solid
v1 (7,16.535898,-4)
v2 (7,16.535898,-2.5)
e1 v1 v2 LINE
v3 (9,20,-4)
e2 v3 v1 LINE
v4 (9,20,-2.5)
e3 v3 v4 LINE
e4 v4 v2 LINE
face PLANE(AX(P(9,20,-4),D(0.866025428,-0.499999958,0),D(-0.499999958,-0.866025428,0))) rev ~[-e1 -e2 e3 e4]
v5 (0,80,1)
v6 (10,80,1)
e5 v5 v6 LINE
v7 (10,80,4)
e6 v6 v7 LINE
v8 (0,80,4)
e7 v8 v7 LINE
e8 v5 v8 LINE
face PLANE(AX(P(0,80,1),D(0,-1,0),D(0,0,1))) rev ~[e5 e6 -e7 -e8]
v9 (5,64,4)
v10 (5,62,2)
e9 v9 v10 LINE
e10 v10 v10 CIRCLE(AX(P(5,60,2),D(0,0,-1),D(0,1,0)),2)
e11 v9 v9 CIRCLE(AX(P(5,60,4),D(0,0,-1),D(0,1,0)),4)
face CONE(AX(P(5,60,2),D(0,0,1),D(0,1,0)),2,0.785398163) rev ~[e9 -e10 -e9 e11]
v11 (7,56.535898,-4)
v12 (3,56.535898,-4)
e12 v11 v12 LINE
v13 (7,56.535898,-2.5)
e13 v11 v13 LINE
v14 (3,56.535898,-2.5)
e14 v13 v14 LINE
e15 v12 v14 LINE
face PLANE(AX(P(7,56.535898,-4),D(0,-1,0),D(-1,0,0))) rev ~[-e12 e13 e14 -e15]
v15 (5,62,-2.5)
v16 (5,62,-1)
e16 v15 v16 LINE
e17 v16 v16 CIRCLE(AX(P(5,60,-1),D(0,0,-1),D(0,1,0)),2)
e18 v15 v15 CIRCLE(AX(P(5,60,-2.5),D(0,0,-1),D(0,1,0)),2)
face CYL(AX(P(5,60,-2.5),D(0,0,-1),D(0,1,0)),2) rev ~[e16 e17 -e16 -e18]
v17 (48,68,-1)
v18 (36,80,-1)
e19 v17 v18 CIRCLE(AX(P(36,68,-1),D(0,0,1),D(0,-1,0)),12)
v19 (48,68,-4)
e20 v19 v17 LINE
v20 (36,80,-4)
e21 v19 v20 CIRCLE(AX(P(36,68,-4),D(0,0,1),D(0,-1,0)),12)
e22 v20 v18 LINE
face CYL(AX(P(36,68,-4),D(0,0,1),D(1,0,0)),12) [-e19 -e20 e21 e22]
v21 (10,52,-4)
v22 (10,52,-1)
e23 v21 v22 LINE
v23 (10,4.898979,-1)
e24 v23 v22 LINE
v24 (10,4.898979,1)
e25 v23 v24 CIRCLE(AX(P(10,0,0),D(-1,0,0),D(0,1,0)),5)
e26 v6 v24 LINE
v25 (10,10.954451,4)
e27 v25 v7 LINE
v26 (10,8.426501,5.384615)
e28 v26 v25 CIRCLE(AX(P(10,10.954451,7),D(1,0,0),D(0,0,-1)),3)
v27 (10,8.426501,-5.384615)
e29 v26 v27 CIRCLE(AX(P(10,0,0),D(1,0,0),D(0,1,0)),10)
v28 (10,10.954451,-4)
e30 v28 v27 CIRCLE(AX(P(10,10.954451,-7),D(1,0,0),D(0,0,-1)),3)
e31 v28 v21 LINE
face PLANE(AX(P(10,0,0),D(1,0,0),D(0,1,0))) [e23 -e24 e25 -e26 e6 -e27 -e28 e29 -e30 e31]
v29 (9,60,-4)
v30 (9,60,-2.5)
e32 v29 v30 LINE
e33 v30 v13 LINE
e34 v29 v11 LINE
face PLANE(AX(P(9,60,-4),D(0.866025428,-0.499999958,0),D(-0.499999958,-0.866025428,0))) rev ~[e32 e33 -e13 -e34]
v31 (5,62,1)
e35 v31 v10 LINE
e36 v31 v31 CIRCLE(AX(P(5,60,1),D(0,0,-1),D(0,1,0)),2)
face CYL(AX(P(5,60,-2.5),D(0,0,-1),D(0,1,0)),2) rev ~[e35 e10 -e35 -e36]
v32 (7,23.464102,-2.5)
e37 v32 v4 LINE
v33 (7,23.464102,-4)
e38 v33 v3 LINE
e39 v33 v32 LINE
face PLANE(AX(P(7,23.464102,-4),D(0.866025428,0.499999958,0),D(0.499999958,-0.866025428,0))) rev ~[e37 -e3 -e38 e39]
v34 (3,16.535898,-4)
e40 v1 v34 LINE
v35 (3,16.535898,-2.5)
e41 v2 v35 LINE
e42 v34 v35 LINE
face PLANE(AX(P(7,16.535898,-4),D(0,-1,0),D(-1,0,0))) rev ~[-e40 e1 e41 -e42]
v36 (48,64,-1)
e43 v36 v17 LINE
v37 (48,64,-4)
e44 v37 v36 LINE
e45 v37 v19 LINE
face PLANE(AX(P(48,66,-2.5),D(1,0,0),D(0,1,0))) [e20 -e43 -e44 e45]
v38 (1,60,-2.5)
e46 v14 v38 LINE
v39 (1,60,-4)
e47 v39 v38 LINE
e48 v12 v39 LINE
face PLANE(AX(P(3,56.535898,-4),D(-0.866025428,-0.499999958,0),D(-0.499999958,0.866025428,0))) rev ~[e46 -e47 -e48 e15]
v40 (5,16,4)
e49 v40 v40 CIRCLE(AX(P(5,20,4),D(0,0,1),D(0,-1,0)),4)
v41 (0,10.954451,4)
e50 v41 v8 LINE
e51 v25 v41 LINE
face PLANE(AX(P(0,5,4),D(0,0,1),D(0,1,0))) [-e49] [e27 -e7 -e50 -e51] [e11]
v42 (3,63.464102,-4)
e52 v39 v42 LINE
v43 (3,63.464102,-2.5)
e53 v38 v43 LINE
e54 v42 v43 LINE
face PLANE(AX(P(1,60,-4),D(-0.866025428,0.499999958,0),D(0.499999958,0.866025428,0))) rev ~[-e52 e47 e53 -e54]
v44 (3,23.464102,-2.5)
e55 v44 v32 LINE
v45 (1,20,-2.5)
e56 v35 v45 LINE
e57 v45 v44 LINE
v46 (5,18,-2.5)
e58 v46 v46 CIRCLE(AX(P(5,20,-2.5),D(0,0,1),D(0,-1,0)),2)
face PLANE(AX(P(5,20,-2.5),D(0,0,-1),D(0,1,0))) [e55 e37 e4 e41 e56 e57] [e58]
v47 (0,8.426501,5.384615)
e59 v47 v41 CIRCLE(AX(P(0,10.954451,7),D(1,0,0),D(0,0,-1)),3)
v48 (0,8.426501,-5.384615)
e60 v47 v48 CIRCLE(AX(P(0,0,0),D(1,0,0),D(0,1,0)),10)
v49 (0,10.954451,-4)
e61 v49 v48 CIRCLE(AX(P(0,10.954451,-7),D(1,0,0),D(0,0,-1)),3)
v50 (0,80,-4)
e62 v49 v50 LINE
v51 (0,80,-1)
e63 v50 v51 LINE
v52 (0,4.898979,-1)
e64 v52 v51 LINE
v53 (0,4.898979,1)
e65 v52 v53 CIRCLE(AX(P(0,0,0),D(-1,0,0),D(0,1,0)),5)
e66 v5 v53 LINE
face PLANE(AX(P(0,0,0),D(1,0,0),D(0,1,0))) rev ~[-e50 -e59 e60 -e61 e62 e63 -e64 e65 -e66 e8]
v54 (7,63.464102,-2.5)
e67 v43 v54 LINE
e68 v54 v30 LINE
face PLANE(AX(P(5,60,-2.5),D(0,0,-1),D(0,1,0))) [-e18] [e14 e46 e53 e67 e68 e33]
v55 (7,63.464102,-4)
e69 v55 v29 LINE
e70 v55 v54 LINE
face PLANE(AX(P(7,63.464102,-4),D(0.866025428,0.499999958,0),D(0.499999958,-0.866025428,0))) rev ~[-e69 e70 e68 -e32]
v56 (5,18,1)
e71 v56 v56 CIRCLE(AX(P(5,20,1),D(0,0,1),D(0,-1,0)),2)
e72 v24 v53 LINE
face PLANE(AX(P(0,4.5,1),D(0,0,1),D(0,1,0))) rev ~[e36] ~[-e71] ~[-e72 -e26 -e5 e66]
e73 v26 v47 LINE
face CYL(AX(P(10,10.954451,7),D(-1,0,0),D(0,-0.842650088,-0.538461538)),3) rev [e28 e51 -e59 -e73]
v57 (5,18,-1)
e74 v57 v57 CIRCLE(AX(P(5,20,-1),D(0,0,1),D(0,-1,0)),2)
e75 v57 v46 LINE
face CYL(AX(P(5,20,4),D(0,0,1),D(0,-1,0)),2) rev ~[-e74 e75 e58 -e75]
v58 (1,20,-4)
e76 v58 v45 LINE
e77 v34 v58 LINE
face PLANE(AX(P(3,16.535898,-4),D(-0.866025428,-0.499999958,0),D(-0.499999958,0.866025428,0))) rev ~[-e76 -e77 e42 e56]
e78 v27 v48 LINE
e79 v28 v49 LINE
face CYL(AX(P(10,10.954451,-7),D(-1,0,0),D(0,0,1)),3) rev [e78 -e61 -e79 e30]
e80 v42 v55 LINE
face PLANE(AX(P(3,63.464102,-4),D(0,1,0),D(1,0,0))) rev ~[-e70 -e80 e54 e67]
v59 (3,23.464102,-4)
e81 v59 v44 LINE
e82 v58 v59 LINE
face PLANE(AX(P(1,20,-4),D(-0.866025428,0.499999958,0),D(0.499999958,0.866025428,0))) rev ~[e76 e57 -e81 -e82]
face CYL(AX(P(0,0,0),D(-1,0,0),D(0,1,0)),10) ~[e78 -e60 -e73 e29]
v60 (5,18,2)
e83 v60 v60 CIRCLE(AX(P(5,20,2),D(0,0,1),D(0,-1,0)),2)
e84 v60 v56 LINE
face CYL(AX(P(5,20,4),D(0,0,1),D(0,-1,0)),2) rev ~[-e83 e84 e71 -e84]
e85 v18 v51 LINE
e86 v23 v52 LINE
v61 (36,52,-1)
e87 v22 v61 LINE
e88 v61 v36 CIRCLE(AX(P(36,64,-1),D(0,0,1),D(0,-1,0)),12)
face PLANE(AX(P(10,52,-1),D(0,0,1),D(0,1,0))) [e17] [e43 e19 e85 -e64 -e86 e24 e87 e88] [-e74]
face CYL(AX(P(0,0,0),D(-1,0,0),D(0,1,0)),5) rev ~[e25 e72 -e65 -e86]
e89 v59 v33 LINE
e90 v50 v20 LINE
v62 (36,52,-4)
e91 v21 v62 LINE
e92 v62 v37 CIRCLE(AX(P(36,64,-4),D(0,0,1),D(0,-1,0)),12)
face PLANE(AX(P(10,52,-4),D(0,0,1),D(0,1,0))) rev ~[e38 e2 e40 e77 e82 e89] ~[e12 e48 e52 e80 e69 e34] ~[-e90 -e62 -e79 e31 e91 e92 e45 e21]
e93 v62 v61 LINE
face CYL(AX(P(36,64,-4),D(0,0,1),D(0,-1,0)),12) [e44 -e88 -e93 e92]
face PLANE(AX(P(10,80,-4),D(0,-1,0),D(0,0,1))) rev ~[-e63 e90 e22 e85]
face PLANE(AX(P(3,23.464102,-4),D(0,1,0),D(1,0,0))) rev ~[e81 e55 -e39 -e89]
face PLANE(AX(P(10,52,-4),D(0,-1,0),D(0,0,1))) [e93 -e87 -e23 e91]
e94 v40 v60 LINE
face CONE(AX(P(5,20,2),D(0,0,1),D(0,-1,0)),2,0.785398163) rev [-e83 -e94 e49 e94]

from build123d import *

# Parameters (mm, degrees)
SKETCH_R        = 10
PAD_DEPTH       = 10
HOLE_DEPTH      = 0.001
HOLE_FACE4_R    = 5
POCKET_DEPTH    = 11
SKETCH001_W     = 75
SKETCH001_H     = 3
PAD001_DEPTH    = 10
SKETCH002_W     = 5.5
SKETCH002_H     = 2
POCKET001_DEPTH = 10
FILLET_R        = 3
FILLET001_R     = 3
POCKET002_DEPTH = 1.5
SKETCH004_R     = 2
POCKET003_DEPTH = 7
CHAMFER_SIZE    = 2
SKETCH005_R     = 2
POCKET004_DEPTH = 7
CHAMFER001_SIZE = 2
SKETCH006_W     = 28
SKETCH006_H     = 3
PAD002_DEPTH    = 38
FILLET002_R     = 12


with BuildPart() as part:
    # Sketch → Pad (new body)
    with BuildSketch(Plane.YZ):
        Circle(SKETCH_R)
    extrude(amount=PAD_DEPTH)

    # Sketch → Hole (cut, through all)
    with BuildSketch(Plane.YZ):
        Circle(SKETCH_R)
    extrude(amount=-HOLE_DEPTH, mode=Mode.SUBTRACT)

    # Hole Face4 → Pocket (cut)
    with BuildSketch(Plane(origin=(0, 0, 0), x_dir=(0, 1, 0), z_dir=(-1, 0, 0))):
        Circle(HOLE_FACE4_R)
    extrude(amount=-POCKET_DEPTH, mode=Mode.SUBTRACT)

    # Sketch001 → Pad001 (join)
    with BuildSketch(Plane.YZ):
        with Locations((42.5, 2.5)):
            Rectangle(SKETCH001_W, SKETCH001_H)
        with Locations((42.5, -2.5)):
            Rectangle(SKETCH001_W, SKETCH001_H)
    extrude(amount=PAD001_DEPTH)

    # Sketch002 (on Face2 of Pad001) → Pocket001 (cut)
    with BuildSketch(Plane(origin=(0, 0, 0), x_dir=(0, 1, 0), z_dir=(-1, 0, 0))):
        with Locations((7.25, 0)):
            Rectangle(SKETCH002_W, SKETCH002_H)
    extrude(amount=-POCKET001_DEPTH, mode=Mode.SUBTRACT)

    # Fillet
    fillet_edges = [part.edges().sort_by_distance(p)[0] for p in [
        (5, 9.165151, -4),
    ]]
    fillet(fillet_edges, radius=FILLET_R)

    # Fillet001
    fillet001_edges = [part.edges().sort_by_distance(p)[0] for p in [
        (5, 9.165151, 4),
    ]]
    fillet(fillet001_edges, radius=FILLET001_R)

    # Sketch003 (on Face17 of Fillet001) → Pocket002 (cut)
    with BuildSketch(Plane.YX.offset(4)):
        Polygon((23.464102, 3), (23.464102, 7), (20, 9), (16.535898, 7), (16.535898, 3), (20, 1), align=None)
        Polygon((63.464102, 3), (63.464102, 7), (60, 9), (56.535898, 7), (56.535898, 3), (60, 1), align=None)
    extrude(amount=-POCKET002_DEPTH, mode=Mode.SUBTRACT)

    # Sketch004 (on Face13 of Pocket002) → Pocket003 (cut)
    with BuildSketch(Plane(origin=(0, 0, 4), x_dir=(0, -1, 0), z_dir=(0, 0, 1))):
        with Locations((-20, 5)):
            Circle(SKETCH004_R)
    extrude(amount=-POCKET003_DEPTH, mode=Mode.SUBTRACT)

    # Chamfer
    chamfer_edges = [part.edges().sort_by_distance(p)[0] for p in [
        (5, 22, 4),
    ]]
    chamfer(chamfer_edges, length=CHAMFER_SIZE)

    # Sketch005 (on Face40 of Chamfer) → Pocket004 (cut)
    with BuildSketch(Plane.YX.offset(2.5)):
        with Locations((60, 5)):
            Circle(SKETCH005_R)
    extrude(amount=-POCKET004_DEPTH, mode=Mode.SUBTRACT)

    # Chamfer001
    chamfer001_edges = [part.edges().sort_by_distance(p)[0] for p in [
        (5, 58, 4),
    ]]
    chamfer(chamfer001_edges, length=CHAMFER001_SIZE)

    # Sketch006 (on Face6 of Chamfer001) → Pad002 (join)
    with BuildSketch(Plane.YZ.offset(10)):
        with Locations((66, -2.5)):
            Rectangle(SKETCH006_W, SKETCH006_H)
    extrude(amount=PAD002_DEPTH)

    # Fillet002
    fillet002_edges = [part.edges().sort_by_distance(p)[0] for p in [
        (48, 52, -2.5),
        (48, 80, -2.5),
    ]]
    fillet(fillet002_edges, radius=FILLET002_R)


solid = part.part
